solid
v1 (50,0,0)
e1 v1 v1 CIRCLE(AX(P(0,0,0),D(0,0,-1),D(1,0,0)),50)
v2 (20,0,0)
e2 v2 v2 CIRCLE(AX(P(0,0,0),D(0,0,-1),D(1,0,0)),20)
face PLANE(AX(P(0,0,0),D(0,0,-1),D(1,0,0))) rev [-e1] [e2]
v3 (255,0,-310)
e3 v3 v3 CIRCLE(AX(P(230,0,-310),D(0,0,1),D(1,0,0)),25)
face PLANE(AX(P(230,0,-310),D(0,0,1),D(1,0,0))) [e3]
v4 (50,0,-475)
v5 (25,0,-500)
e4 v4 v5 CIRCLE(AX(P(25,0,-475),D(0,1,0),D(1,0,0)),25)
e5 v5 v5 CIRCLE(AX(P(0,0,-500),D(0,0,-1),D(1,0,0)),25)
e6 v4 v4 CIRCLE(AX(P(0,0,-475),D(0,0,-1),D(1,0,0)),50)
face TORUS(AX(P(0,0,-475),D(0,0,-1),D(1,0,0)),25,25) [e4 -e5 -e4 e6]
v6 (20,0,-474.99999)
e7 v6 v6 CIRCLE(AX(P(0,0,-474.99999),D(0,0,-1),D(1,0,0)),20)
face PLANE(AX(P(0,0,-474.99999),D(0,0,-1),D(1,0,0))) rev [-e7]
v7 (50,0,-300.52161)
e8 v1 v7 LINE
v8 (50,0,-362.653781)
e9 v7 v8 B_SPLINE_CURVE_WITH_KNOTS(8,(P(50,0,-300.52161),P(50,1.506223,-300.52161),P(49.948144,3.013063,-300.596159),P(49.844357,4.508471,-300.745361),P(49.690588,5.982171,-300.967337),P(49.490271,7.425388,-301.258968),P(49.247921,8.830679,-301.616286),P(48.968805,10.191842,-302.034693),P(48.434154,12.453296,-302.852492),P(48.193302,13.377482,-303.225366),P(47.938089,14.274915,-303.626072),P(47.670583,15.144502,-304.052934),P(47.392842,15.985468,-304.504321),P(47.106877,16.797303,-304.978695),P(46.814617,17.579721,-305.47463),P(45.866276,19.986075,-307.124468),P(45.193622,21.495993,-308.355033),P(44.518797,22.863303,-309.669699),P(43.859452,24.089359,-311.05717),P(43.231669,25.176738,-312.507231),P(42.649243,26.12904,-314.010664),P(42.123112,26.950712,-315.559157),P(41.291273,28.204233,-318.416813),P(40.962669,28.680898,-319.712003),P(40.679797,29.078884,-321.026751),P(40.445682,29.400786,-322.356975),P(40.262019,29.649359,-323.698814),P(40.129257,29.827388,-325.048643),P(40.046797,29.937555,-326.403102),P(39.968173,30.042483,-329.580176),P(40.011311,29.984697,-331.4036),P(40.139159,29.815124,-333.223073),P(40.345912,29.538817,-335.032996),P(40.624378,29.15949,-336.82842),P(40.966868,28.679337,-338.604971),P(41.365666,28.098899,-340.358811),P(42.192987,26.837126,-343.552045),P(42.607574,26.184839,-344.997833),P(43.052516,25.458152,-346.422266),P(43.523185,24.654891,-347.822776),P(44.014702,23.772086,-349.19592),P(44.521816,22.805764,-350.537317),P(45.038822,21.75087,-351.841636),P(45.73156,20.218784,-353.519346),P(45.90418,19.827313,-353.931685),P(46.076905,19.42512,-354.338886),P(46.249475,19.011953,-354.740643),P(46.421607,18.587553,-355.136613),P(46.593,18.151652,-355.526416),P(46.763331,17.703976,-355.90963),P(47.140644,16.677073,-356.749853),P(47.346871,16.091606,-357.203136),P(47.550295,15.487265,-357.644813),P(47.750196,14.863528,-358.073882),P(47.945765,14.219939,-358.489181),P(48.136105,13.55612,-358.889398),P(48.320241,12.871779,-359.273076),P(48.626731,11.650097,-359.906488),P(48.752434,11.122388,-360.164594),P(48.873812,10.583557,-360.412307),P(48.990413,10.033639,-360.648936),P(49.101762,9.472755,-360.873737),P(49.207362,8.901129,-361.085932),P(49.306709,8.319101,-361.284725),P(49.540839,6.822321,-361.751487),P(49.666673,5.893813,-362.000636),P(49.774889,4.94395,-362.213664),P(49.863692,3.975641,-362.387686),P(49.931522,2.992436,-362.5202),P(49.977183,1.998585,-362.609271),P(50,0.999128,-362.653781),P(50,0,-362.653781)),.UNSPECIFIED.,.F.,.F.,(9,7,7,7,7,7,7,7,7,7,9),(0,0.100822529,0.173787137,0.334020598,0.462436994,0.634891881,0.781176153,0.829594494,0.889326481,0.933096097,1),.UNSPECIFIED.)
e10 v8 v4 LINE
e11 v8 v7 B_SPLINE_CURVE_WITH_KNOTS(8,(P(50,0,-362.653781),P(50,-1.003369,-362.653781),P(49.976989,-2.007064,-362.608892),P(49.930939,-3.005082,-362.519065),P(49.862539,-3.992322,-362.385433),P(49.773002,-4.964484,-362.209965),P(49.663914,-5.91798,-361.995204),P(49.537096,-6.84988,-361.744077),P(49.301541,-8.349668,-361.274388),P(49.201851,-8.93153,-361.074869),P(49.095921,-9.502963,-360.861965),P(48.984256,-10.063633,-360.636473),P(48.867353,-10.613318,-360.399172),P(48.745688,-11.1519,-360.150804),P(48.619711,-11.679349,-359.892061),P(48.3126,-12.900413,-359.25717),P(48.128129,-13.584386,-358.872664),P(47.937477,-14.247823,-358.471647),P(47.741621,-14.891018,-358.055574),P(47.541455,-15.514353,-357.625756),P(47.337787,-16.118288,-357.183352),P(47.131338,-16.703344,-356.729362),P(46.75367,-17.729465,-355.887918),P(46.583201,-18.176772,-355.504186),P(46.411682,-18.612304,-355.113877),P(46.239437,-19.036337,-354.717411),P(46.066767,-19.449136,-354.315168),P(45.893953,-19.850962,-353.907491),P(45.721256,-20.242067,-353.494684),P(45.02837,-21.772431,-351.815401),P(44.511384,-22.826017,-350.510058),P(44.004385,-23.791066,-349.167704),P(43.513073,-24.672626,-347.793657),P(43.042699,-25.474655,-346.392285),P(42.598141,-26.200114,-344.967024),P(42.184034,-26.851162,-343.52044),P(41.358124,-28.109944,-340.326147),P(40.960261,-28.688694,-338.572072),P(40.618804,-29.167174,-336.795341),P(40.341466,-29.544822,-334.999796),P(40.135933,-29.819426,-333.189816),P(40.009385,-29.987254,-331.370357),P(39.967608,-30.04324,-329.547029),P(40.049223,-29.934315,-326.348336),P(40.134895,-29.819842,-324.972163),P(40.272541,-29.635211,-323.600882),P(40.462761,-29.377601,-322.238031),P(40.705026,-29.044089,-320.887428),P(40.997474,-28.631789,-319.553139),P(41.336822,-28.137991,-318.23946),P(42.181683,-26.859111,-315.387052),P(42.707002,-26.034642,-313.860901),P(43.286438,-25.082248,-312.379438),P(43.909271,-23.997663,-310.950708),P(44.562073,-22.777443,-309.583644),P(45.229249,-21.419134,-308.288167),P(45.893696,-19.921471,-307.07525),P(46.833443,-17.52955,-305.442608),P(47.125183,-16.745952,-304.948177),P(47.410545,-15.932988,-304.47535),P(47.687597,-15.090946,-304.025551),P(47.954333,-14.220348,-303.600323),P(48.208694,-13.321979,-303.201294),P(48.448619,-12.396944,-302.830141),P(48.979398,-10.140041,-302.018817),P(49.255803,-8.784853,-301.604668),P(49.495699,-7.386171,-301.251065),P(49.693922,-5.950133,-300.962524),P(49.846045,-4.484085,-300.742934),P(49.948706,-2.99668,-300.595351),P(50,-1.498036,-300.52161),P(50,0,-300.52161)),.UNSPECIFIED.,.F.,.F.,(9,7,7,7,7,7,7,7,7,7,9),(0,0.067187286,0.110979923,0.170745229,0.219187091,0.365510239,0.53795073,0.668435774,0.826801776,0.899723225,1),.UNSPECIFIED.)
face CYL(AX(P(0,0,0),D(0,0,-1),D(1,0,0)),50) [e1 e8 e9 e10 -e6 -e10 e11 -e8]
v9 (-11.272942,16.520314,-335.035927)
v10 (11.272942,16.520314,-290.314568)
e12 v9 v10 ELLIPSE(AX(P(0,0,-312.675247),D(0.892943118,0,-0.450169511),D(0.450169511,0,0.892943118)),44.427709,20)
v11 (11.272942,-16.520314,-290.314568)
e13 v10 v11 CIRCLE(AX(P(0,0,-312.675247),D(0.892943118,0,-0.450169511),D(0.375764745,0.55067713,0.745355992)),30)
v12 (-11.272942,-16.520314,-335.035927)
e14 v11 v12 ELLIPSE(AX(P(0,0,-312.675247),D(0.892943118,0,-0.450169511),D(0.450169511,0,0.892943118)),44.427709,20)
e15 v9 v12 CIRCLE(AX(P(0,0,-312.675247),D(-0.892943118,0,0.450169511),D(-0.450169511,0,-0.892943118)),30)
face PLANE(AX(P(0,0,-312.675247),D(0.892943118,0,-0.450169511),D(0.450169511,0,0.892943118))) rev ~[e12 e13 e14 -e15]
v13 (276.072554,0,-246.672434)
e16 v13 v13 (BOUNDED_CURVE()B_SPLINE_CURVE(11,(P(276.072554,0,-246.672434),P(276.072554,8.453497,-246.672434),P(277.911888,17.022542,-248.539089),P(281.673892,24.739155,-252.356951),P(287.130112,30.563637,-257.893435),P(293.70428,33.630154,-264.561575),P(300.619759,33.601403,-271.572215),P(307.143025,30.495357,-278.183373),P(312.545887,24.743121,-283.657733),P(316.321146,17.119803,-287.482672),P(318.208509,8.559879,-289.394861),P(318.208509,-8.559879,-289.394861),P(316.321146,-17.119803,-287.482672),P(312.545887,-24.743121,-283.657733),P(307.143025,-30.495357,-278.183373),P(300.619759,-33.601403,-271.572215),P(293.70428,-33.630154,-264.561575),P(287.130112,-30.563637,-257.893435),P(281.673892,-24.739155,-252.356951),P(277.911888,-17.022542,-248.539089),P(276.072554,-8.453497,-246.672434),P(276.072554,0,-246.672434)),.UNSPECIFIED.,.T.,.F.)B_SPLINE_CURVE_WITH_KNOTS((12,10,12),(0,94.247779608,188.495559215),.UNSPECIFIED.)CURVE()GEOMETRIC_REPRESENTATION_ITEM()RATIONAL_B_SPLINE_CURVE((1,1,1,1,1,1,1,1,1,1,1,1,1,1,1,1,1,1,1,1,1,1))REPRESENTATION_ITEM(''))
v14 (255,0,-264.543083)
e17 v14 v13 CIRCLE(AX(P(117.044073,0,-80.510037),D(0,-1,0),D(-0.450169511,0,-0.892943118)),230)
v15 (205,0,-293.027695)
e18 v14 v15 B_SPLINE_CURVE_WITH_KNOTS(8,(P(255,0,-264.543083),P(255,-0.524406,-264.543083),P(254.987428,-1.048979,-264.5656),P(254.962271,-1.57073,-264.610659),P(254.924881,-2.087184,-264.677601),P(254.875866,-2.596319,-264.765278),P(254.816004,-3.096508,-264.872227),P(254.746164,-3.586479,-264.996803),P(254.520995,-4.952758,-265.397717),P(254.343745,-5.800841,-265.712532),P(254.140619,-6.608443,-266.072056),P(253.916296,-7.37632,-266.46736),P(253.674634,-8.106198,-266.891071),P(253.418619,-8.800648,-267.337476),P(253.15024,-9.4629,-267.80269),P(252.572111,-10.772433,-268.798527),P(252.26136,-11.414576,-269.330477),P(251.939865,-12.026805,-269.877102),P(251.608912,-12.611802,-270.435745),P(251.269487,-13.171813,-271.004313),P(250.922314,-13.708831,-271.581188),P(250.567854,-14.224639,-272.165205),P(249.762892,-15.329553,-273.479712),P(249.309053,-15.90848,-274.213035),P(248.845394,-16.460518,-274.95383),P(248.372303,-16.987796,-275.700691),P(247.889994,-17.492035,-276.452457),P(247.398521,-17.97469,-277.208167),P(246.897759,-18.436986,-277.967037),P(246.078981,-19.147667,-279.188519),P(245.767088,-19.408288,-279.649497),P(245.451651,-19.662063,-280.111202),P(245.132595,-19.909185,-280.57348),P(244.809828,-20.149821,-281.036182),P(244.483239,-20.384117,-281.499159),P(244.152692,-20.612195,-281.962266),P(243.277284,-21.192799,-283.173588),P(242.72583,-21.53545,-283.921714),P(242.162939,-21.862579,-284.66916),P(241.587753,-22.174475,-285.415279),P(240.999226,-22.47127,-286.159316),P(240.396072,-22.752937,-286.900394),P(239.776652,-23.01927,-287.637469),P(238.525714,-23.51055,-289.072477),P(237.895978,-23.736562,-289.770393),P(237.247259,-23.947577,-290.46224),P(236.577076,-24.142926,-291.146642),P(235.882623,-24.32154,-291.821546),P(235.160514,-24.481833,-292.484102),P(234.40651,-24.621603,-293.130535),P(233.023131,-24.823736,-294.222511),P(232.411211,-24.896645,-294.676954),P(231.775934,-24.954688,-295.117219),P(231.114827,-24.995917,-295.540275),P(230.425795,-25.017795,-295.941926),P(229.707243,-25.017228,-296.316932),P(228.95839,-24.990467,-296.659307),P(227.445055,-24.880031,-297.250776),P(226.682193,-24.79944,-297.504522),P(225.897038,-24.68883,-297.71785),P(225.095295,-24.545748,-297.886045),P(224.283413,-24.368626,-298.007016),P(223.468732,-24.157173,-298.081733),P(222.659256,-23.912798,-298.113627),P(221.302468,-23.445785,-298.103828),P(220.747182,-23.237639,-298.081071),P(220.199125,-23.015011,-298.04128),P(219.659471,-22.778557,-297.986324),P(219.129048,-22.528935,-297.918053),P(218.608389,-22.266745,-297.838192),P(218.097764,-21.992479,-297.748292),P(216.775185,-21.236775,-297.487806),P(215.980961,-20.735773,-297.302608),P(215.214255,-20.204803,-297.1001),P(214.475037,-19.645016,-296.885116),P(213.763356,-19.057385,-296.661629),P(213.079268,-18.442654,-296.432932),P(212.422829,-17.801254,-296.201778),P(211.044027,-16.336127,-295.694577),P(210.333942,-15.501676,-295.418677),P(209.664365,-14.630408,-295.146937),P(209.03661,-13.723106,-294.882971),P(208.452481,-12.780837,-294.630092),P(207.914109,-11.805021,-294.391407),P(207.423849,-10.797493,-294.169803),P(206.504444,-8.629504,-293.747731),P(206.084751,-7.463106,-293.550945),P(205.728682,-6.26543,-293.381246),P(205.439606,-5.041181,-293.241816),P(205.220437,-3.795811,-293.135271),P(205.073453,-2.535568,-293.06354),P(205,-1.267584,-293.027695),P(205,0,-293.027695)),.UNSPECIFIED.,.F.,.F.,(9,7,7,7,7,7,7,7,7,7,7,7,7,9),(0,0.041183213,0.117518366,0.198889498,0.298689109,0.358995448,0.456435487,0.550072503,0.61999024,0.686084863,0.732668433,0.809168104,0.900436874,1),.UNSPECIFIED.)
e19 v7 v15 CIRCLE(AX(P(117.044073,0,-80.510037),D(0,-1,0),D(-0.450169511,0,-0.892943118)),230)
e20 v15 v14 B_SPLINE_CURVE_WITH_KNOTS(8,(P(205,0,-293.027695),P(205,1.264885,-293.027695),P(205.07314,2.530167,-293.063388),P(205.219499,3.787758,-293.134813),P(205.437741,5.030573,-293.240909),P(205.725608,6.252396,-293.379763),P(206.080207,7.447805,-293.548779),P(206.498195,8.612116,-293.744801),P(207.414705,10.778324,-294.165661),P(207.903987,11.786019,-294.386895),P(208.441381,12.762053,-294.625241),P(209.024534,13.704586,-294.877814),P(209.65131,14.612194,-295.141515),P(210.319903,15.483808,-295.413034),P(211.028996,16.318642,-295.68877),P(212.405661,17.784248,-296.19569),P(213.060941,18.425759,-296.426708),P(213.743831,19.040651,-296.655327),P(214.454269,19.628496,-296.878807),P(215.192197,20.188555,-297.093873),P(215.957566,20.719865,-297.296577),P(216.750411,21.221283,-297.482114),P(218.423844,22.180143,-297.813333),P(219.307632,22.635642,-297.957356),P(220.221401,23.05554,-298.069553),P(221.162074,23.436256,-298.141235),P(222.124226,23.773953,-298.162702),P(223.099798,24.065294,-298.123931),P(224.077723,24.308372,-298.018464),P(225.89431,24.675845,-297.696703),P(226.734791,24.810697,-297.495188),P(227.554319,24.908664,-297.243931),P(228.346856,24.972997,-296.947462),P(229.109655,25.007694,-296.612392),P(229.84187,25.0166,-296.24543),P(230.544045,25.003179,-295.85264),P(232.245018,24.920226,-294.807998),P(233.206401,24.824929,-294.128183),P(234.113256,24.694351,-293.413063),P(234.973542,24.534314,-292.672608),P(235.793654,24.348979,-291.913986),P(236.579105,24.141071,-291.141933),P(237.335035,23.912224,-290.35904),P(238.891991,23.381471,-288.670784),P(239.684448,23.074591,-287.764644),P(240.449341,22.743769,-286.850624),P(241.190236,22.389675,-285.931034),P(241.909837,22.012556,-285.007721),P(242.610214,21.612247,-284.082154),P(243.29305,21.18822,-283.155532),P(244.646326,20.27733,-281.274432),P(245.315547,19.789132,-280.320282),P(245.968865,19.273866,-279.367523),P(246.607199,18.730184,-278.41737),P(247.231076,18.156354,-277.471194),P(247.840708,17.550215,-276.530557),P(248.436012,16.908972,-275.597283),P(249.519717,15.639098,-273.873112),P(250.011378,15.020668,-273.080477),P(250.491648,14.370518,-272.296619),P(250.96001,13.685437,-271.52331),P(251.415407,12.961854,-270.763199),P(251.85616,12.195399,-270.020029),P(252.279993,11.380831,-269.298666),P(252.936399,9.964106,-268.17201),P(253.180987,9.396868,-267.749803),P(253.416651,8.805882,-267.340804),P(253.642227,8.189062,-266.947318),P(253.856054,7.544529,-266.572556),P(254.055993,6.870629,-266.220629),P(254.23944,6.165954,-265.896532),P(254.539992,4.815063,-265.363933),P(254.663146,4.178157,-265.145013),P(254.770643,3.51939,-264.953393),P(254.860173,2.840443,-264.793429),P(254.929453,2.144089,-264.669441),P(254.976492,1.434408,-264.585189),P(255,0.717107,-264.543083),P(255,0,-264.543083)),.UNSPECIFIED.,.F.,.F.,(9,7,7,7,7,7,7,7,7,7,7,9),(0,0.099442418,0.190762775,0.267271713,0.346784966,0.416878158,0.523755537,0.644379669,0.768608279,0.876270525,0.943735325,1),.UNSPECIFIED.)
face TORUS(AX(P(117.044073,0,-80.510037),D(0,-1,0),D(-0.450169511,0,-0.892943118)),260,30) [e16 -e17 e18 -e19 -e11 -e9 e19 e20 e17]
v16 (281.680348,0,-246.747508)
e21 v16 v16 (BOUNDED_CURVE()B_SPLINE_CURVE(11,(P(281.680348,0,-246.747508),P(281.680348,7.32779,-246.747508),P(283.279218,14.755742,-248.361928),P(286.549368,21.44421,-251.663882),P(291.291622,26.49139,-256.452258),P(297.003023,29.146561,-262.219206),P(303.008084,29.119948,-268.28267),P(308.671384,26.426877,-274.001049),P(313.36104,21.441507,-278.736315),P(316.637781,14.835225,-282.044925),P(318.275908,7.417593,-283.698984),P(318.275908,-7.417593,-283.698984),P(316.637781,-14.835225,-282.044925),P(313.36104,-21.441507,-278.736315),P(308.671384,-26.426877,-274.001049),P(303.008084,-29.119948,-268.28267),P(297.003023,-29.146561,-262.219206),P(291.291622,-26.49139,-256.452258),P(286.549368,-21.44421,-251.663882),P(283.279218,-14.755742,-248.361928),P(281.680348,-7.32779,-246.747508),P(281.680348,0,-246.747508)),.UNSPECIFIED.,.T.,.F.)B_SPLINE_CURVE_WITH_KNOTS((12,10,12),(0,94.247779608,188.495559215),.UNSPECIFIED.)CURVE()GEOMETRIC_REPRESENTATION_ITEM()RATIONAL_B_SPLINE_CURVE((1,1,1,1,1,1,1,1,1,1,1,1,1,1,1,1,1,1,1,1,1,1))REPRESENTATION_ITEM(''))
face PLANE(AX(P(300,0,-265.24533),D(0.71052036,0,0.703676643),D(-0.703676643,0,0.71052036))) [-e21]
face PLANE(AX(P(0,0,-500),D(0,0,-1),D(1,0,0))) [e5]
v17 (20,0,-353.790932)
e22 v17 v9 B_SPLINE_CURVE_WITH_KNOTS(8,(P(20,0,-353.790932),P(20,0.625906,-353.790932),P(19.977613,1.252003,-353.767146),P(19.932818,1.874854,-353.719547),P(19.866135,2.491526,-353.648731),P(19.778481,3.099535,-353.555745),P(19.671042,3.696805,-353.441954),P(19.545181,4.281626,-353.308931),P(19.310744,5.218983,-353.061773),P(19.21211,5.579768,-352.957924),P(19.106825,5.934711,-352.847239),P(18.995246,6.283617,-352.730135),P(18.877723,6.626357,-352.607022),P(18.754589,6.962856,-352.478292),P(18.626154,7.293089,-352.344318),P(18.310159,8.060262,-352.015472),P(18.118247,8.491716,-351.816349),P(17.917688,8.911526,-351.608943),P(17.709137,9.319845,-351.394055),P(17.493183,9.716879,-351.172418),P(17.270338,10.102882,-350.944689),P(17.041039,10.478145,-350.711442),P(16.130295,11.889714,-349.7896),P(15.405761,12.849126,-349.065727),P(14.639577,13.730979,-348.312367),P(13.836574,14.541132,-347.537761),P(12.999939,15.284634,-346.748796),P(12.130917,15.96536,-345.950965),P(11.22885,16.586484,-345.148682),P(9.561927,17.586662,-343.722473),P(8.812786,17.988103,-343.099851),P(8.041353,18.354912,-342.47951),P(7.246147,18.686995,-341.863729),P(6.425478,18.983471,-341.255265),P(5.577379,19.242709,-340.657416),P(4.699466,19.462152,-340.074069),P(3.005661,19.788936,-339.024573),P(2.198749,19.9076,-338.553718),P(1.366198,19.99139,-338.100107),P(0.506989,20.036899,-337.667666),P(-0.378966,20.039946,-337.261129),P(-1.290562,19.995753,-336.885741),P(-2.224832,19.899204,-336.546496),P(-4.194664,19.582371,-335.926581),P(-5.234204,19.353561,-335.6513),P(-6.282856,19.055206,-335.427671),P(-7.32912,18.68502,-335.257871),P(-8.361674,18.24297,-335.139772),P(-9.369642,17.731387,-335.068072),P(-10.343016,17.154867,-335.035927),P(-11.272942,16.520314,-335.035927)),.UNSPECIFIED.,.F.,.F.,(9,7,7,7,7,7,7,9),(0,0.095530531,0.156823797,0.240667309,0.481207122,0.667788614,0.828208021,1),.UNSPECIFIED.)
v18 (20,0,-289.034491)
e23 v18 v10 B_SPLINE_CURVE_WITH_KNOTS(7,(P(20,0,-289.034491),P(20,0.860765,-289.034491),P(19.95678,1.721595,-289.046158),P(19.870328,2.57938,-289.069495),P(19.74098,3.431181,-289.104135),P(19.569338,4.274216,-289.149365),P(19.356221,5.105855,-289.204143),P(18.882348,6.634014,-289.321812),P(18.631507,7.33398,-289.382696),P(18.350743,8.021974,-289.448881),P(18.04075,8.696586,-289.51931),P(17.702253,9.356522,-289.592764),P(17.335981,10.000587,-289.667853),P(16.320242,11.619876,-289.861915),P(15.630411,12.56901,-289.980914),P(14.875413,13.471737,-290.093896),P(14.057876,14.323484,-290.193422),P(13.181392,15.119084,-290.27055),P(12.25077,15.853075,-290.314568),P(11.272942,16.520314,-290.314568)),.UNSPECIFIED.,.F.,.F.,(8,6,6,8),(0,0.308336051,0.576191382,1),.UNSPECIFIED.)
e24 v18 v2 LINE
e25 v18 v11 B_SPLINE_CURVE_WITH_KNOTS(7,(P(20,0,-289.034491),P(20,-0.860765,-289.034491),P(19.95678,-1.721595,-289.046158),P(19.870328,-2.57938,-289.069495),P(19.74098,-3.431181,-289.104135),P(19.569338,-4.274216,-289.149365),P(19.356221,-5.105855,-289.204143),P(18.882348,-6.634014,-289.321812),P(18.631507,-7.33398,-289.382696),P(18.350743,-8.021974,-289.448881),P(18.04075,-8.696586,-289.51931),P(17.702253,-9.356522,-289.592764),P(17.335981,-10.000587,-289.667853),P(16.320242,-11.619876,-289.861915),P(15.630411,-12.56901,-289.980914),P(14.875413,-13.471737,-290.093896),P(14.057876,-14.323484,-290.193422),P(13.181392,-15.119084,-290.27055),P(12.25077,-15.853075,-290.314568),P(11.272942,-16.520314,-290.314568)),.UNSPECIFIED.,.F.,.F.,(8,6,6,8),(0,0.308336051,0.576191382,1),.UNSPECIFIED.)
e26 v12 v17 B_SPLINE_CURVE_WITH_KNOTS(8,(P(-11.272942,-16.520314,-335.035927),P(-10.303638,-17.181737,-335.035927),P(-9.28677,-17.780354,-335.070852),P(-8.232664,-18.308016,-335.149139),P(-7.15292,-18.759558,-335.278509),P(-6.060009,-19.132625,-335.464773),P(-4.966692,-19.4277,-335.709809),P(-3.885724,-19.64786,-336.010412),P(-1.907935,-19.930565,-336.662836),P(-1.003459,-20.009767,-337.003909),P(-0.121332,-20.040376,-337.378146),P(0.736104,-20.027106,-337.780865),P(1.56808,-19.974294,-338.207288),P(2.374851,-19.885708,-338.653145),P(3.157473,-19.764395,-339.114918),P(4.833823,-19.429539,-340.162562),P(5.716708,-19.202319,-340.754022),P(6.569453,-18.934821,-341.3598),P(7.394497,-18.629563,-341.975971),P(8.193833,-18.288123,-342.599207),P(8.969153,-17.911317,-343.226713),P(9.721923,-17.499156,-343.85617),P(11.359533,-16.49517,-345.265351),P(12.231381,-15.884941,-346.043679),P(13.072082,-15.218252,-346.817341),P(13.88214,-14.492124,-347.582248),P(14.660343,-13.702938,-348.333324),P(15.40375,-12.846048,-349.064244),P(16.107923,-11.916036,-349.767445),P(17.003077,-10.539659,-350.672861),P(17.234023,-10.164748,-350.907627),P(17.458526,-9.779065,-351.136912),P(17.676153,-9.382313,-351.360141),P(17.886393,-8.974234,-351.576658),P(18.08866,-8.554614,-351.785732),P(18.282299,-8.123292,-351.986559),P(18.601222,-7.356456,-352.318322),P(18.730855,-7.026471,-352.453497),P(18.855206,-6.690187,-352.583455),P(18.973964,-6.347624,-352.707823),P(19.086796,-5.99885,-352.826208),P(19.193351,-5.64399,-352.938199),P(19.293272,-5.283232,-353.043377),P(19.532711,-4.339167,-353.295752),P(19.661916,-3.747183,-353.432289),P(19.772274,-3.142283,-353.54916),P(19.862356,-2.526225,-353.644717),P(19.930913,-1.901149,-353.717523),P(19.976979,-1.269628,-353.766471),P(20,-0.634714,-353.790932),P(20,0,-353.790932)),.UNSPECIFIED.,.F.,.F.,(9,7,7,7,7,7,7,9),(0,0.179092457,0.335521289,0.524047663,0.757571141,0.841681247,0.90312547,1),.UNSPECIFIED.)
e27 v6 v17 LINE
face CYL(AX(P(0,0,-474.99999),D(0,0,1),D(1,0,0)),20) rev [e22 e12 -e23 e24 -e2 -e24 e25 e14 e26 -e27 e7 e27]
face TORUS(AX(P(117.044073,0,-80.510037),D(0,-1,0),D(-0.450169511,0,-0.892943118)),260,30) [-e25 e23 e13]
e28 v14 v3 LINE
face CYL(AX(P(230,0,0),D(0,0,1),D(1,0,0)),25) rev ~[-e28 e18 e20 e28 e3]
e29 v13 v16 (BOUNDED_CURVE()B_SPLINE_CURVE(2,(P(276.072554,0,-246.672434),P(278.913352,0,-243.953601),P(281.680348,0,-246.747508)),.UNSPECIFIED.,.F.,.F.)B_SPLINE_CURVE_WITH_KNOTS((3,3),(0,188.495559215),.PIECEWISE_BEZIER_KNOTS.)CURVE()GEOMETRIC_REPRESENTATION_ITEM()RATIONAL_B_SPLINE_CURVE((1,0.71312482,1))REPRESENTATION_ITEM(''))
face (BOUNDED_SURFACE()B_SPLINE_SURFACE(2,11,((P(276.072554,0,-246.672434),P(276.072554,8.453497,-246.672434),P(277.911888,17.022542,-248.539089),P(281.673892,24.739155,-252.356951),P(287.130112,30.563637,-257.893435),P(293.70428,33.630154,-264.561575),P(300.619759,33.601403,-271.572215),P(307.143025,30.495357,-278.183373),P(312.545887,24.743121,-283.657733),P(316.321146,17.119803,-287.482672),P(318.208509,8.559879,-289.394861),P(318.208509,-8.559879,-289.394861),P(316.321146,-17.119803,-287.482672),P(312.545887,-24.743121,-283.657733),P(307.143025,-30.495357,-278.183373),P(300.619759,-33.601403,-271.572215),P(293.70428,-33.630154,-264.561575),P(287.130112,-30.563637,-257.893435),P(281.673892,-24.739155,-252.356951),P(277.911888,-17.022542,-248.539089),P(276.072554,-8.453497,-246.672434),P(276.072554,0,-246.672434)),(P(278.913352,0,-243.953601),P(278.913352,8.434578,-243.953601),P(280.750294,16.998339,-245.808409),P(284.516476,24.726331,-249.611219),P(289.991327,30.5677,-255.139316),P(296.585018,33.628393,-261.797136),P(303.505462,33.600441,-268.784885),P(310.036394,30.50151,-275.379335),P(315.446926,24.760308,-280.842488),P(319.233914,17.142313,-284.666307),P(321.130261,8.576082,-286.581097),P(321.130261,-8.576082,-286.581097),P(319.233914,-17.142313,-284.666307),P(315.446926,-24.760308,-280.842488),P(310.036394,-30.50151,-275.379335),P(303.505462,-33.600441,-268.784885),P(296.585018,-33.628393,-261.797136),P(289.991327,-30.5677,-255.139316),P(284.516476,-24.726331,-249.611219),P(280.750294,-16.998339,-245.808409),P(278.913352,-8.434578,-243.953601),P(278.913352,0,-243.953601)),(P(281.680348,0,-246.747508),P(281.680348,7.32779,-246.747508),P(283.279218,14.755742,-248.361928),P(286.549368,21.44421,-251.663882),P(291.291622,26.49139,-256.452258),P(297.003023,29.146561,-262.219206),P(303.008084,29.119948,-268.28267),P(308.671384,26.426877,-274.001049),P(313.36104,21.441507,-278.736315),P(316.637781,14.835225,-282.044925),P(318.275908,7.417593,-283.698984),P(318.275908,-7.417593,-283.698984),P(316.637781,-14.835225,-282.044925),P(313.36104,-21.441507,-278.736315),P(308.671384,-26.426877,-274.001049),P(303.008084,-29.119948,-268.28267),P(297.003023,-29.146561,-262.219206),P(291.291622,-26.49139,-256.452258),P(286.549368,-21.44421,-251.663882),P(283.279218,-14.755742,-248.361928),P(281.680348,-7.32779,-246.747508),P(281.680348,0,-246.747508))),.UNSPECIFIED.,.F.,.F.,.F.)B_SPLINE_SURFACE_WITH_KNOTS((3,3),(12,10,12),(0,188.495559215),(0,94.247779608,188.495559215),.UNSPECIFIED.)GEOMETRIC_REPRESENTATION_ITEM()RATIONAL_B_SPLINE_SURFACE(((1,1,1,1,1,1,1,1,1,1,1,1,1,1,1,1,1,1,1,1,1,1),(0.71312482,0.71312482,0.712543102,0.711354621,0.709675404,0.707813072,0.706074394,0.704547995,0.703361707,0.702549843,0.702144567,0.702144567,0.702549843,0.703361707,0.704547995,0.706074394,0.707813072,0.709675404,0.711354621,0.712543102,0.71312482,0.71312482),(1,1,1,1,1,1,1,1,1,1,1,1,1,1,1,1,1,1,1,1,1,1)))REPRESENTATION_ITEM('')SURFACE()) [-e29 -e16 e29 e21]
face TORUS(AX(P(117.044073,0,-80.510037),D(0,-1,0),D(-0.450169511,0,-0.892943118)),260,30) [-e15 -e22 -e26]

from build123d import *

# Parameters (mm, degrees)
SWEEP1_PROFILE_R   = 30
SKETCH32_R         = 25
CUT_EXTRUDE1_DEPTH = 310
FILLET1_R          = 4


with BuildPart() as part:
    # Sketch1 → Revolve1 (revolve)
    with BuildSketch(Plane(origin=(0, 0, 0), x_dir=(1, 0, 0), z_dir=(0, 1, 0))):
        with BuildLine():
            Line((0, 474.99999), (20, 474.99999))
            Line((20, 474.99999), (20, 0))
            Line((20, 0), (50, 0))
            Line((50, 0), (50, 475))
            ThreePointArc((50, 475), (42.67766953, 492.67766953), (25, 500))
            Line((25, 500), (0, 500))
            Line((0, 500), (0, 474.99999))
        make_face()
    revolve(axis=Axis((0, 0, 0), (0, 0, -1)))

    # Sweep1: sweep along a curve in space
    with BuildLine() as sweep1_path:
        ThreePointArc((0, 0, -312.675247361), (157.645703228, 0, -337.320292822), (300, 0, -265.245330439))
    # Sweep1 profile (on start of the path) → Sweep1 (sweep)
    with BuildSketch(Plane(origin=(0, 0, -312.675247361), x_dir=(0.45016951101566693, 0, 0.892943117646312), z_dir=(0.892943117646312, 0, -0.45016951101566693))):
        Circle(SWEEP1_PROFILE_R)
    sweep(path=sweep1_path.line)

    # Sketch32 → Cut-Extrude1 (cut)
    with BuildSketch(Plane.XY):
        with Locations((230, 0)):
            Circle(SKETCH32_R)
    extrude(amount=-CUT_EXTRUDE1_DEPTH, mode=Mode.SUBTRACT)

    # Fillet1
    fillet1_edges = [part.edges().sort_by_distance(p)[0] for p in [
        (321.110299285, 0, -286.560941247),
    ]]
    fillet(fillet1_edges, radius=FILLET1_R)


solid = part.part
